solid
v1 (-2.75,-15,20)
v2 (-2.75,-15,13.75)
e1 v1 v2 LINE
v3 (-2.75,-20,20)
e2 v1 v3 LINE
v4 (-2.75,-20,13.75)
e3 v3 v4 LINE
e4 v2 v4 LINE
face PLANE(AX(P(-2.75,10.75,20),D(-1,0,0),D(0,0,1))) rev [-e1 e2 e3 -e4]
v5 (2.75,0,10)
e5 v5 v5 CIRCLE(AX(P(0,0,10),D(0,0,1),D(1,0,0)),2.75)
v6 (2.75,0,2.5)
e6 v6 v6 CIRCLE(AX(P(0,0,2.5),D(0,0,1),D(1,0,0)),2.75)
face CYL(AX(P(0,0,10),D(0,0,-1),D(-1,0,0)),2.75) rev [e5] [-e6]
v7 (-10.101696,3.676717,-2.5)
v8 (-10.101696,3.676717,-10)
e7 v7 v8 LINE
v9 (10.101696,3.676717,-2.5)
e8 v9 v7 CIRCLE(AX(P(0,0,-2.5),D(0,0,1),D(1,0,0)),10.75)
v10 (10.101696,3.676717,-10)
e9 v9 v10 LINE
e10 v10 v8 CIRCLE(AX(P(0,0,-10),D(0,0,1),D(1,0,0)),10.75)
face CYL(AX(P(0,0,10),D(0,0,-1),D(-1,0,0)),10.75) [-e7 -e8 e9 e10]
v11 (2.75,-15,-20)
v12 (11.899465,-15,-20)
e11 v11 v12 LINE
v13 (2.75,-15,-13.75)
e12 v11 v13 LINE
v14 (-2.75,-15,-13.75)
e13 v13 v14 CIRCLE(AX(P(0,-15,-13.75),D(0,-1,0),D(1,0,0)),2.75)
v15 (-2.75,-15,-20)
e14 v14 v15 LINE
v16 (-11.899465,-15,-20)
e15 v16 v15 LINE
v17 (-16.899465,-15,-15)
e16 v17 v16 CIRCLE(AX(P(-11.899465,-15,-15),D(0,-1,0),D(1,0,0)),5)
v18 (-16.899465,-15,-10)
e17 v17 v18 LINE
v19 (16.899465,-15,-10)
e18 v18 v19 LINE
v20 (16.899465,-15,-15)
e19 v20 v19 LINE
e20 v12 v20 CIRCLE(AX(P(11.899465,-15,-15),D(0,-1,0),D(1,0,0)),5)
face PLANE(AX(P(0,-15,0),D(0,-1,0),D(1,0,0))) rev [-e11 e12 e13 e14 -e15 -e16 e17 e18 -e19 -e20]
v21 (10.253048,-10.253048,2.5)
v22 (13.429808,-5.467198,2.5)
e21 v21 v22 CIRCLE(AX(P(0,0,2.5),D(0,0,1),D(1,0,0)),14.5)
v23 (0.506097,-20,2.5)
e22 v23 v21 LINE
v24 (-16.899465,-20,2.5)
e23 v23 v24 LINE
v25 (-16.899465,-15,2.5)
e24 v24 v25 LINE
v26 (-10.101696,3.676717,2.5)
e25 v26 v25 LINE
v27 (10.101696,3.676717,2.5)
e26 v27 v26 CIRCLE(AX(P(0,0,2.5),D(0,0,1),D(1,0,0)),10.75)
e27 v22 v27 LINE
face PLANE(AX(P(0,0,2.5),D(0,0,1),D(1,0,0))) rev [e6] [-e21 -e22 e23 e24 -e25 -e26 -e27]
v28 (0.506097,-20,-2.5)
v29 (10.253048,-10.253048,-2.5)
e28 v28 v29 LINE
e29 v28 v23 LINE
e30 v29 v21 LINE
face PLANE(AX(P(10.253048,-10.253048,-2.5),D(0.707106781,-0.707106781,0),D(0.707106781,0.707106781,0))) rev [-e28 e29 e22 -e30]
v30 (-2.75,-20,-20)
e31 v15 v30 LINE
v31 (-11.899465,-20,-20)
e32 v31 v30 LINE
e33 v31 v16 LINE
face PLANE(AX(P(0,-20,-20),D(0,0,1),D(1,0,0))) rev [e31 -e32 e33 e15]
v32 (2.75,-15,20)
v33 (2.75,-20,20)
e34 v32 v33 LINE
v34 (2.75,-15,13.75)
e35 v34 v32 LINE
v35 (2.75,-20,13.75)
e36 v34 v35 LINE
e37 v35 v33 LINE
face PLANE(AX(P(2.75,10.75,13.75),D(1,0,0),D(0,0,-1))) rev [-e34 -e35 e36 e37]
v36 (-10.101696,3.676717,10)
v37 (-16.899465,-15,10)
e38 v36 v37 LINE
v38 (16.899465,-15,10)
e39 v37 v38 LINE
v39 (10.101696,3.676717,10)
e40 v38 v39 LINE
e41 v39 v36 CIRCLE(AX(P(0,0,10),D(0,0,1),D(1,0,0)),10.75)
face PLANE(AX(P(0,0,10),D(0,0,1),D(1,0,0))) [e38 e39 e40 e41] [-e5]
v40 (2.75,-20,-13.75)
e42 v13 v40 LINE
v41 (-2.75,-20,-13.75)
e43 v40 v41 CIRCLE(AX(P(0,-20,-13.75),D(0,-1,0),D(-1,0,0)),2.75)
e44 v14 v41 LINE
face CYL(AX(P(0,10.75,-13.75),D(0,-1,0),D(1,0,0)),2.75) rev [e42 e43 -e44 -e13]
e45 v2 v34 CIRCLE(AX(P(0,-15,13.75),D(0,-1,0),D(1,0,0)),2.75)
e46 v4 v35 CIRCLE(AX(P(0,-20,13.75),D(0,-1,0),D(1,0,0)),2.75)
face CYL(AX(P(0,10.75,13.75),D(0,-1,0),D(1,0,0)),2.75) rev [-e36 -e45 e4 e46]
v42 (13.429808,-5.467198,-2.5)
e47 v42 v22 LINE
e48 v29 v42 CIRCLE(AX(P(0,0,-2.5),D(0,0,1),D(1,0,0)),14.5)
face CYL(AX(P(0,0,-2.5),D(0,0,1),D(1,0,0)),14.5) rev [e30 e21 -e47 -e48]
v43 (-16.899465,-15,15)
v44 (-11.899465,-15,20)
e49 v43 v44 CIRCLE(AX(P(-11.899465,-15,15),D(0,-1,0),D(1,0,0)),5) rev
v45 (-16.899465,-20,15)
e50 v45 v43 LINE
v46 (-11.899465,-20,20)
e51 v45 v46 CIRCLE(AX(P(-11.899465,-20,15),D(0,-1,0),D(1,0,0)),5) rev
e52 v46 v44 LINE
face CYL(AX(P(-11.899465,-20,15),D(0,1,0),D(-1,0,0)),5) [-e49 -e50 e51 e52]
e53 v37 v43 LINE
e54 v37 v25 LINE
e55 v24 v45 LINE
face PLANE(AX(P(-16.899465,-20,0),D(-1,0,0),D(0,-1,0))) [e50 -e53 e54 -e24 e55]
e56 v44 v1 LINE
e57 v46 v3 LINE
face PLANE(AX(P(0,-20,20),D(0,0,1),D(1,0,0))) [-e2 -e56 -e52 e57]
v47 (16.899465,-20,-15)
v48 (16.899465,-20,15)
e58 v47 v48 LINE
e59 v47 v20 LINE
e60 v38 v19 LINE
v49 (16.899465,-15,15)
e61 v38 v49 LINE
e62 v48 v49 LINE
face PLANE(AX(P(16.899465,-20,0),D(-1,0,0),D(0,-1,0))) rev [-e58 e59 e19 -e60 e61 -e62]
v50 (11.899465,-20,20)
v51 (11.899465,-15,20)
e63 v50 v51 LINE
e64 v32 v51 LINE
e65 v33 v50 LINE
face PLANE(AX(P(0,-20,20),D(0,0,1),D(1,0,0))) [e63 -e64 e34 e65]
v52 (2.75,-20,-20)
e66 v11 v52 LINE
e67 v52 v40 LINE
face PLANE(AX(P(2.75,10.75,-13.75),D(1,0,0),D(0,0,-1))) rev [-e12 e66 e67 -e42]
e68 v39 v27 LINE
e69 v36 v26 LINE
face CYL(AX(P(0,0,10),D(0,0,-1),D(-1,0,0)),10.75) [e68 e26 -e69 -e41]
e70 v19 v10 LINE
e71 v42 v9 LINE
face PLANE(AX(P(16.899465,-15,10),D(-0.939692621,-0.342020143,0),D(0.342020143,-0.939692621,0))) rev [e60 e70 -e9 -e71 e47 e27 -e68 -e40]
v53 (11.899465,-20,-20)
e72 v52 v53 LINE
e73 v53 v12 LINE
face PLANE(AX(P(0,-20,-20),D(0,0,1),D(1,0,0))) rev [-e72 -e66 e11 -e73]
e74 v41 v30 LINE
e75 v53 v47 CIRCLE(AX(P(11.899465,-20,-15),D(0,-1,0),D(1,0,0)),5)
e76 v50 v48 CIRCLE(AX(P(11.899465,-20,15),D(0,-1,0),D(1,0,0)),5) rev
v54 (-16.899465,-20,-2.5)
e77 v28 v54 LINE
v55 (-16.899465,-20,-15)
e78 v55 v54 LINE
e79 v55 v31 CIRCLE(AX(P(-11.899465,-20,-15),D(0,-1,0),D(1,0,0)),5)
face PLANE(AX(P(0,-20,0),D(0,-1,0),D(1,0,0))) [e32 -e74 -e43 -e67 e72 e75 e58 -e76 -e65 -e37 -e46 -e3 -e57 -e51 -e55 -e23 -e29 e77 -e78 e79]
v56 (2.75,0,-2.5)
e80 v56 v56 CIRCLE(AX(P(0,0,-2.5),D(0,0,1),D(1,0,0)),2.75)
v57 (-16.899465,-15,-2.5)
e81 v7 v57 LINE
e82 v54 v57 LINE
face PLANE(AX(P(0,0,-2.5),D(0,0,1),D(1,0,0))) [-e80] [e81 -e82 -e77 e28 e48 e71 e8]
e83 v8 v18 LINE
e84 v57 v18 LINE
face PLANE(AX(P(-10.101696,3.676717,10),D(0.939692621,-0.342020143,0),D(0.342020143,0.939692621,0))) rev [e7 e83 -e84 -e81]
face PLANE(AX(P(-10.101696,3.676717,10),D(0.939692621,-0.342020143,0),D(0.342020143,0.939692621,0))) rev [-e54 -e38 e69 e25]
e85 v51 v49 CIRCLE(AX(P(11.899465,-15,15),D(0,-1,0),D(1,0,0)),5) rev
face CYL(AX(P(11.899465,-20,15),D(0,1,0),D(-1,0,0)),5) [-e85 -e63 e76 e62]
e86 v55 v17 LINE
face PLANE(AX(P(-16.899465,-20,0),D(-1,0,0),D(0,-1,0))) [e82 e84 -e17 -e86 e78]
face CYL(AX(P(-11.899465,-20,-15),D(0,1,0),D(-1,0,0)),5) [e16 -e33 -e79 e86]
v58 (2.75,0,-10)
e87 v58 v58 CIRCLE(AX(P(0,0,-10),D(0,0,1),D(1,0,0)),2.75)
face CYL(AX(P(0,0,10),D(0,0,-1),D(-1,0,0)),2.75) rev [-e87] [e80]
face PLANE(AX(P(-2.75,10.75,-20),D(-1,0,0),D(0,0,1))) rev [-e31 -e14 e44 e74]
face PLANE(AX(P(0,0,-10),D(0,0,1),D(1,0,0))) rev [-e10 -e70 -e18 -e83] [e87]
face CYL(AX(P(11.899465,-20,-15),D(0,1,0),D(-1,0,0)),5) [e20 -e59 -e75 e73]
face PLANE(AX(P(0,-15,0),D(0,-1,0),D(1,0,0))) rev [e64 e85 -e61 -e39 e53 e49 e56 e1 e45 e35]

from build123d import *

# Parameters (mm, degrees)
SKETCH1_R           = 2.75
BOSS_EXTRUDE1_DEPTH = 10
SKETCH2_R           = 14.5
CUT_EXTRUDE1_DEPTH  = 2.5
BOSS_EXTRUDE2_DEPTH = 5
CUT_EXTRUDE5_DEPTH  = 41.387552571
SKETCH5_R           = 14.5
CUT_EXTRUDE6_DEPTH  = 2.5


with BuildPart() as part:
    # Sketch1 → Boss-Extrude1 (new, symmetric)
    with BuildSketch(Plane.XY):
        with BuildLine():
            Line((-10.101695673, 3.676716541), (-16.899464568, -15))
            Line((-16.899464568, -15), (16.899464568, -15))
            Line((16.899464568, -15), (10.101695673, 3.676716541))
            ThreePointArc((10.101695673, 3.676716541), (0, 10.75), (-10.101695673, 3.676716541))
        make_face()
        Circle(SKETCH1_R, mode=Mode.SUBTRACT)
    extrude(amount=BOSS_EXTRUDE1_DEPTH, both=True)

    # Sketch2 → Cut-Extrude1 (cut, symmetric)
    with BuildSketch(Plane.XY):
        Circle(SKETCH2_R)
    extrude(amount=CUT_EXTRUDE1_DEPTH, both=True, mode=Mode.SUBTRACT)

    # Sketch3 → Boss-Extrude2 (add)
    with BuildSketch(Plane.XZ.offset(15)):
        with BuildLine():
            Line((-16.899464568, 15), (-16.899464568, 10))
            Line((-16.899464568, 10), (16.899464568, 10))
            Line((16.899464568, 10), (16.899464568, 15))
            ThreePointArc((16.899464568, 15), (15.434998474, 18.535533906), (11.899464568, 20))
            Line((11.899464568, 20), (-11.899464568, 20))
            ThreePointArc((-11.899464568, 20), (-15.434998474, 18.535533906), (-16.899464568, 15))
        make_face()
        Polygon((16.899464568, 10), (-16.899464568, 10), (-16.899464568, -10), (16.899464568, -10), (16.899464568, 0), align=None)
        with BuildLine():
            Line((16.899464568, -10), (-16.899464568, -10))
            Line((-16.899464568, -10), (-16.899464568, -15))
            ThreePointArc((-16.899464568, -15), (-15.434998474, -18.535533906), (-11.899464568, -20))
            Line((-11.899464568, -20), (11.899464568, -20))
            ThreePointArc((11.899464568, -20), (15.434998474, -18.535533906), (16.899464568, -15))
            Line((16.899464568, -15), (16.899464568, -10))
        make_face()
    extrude(amount=BOSS_EXTRUDE2_DEPTH)

    # Sketch4 → Cut-Extrude5 (cut, through all)
    with BuildSketch(Plane.XZ.offset(20)):
        with BuildLine():
            Line((-2.75, 20), (-2.75, 13.75))
            ThreePointArc((-2.75, 13.75), (0, 11), (2.75, 13.75))
            Line((2.75, 13.75), (2.75, 20))
            Line((2.75, 20), (-2.75, 20))
        make_face()
        with BuildLine():
            Line((-2.75, -20), (-2.75, -13.75))
            ThreePointArc((-2.75, -13.75), (0, -11), (2.75, -13.75))
            Line((2.75, -13.75), (2.75, -20))
            Line((2.75, -20), (-2.75, -20))
        make_face()
    extrude(amount=-CUT_EXTRUDE5_DEPTH, mode=Mode.SUBTRACT)

    # Sketch5 → Cut-Extrude6 (cut, symmetric)
    with BuildSketch(Plane.XY):
        Circle(SKETCH5_R)
        with BuildLine():
            ThreePointArc((10.253048327, -10.253048327), (-10.253048327, -10.253048327), (-10.253048327, 10.253048327))
            Line((-10.253048327, 10.253048327), (-31.466251763, -10.960155108))
            Line((-31.466251763, -10.960155108), (-10.960155108, -31.466251763))
            Line((-10.960155108, -31.466251763), (10.253048327, -10.253048327))
        make_face()
    extrude(amount=CUT_EXTRUDE6_DEPTH, both=True, mode=Mode.SUBTRACT)


solid = part.part
